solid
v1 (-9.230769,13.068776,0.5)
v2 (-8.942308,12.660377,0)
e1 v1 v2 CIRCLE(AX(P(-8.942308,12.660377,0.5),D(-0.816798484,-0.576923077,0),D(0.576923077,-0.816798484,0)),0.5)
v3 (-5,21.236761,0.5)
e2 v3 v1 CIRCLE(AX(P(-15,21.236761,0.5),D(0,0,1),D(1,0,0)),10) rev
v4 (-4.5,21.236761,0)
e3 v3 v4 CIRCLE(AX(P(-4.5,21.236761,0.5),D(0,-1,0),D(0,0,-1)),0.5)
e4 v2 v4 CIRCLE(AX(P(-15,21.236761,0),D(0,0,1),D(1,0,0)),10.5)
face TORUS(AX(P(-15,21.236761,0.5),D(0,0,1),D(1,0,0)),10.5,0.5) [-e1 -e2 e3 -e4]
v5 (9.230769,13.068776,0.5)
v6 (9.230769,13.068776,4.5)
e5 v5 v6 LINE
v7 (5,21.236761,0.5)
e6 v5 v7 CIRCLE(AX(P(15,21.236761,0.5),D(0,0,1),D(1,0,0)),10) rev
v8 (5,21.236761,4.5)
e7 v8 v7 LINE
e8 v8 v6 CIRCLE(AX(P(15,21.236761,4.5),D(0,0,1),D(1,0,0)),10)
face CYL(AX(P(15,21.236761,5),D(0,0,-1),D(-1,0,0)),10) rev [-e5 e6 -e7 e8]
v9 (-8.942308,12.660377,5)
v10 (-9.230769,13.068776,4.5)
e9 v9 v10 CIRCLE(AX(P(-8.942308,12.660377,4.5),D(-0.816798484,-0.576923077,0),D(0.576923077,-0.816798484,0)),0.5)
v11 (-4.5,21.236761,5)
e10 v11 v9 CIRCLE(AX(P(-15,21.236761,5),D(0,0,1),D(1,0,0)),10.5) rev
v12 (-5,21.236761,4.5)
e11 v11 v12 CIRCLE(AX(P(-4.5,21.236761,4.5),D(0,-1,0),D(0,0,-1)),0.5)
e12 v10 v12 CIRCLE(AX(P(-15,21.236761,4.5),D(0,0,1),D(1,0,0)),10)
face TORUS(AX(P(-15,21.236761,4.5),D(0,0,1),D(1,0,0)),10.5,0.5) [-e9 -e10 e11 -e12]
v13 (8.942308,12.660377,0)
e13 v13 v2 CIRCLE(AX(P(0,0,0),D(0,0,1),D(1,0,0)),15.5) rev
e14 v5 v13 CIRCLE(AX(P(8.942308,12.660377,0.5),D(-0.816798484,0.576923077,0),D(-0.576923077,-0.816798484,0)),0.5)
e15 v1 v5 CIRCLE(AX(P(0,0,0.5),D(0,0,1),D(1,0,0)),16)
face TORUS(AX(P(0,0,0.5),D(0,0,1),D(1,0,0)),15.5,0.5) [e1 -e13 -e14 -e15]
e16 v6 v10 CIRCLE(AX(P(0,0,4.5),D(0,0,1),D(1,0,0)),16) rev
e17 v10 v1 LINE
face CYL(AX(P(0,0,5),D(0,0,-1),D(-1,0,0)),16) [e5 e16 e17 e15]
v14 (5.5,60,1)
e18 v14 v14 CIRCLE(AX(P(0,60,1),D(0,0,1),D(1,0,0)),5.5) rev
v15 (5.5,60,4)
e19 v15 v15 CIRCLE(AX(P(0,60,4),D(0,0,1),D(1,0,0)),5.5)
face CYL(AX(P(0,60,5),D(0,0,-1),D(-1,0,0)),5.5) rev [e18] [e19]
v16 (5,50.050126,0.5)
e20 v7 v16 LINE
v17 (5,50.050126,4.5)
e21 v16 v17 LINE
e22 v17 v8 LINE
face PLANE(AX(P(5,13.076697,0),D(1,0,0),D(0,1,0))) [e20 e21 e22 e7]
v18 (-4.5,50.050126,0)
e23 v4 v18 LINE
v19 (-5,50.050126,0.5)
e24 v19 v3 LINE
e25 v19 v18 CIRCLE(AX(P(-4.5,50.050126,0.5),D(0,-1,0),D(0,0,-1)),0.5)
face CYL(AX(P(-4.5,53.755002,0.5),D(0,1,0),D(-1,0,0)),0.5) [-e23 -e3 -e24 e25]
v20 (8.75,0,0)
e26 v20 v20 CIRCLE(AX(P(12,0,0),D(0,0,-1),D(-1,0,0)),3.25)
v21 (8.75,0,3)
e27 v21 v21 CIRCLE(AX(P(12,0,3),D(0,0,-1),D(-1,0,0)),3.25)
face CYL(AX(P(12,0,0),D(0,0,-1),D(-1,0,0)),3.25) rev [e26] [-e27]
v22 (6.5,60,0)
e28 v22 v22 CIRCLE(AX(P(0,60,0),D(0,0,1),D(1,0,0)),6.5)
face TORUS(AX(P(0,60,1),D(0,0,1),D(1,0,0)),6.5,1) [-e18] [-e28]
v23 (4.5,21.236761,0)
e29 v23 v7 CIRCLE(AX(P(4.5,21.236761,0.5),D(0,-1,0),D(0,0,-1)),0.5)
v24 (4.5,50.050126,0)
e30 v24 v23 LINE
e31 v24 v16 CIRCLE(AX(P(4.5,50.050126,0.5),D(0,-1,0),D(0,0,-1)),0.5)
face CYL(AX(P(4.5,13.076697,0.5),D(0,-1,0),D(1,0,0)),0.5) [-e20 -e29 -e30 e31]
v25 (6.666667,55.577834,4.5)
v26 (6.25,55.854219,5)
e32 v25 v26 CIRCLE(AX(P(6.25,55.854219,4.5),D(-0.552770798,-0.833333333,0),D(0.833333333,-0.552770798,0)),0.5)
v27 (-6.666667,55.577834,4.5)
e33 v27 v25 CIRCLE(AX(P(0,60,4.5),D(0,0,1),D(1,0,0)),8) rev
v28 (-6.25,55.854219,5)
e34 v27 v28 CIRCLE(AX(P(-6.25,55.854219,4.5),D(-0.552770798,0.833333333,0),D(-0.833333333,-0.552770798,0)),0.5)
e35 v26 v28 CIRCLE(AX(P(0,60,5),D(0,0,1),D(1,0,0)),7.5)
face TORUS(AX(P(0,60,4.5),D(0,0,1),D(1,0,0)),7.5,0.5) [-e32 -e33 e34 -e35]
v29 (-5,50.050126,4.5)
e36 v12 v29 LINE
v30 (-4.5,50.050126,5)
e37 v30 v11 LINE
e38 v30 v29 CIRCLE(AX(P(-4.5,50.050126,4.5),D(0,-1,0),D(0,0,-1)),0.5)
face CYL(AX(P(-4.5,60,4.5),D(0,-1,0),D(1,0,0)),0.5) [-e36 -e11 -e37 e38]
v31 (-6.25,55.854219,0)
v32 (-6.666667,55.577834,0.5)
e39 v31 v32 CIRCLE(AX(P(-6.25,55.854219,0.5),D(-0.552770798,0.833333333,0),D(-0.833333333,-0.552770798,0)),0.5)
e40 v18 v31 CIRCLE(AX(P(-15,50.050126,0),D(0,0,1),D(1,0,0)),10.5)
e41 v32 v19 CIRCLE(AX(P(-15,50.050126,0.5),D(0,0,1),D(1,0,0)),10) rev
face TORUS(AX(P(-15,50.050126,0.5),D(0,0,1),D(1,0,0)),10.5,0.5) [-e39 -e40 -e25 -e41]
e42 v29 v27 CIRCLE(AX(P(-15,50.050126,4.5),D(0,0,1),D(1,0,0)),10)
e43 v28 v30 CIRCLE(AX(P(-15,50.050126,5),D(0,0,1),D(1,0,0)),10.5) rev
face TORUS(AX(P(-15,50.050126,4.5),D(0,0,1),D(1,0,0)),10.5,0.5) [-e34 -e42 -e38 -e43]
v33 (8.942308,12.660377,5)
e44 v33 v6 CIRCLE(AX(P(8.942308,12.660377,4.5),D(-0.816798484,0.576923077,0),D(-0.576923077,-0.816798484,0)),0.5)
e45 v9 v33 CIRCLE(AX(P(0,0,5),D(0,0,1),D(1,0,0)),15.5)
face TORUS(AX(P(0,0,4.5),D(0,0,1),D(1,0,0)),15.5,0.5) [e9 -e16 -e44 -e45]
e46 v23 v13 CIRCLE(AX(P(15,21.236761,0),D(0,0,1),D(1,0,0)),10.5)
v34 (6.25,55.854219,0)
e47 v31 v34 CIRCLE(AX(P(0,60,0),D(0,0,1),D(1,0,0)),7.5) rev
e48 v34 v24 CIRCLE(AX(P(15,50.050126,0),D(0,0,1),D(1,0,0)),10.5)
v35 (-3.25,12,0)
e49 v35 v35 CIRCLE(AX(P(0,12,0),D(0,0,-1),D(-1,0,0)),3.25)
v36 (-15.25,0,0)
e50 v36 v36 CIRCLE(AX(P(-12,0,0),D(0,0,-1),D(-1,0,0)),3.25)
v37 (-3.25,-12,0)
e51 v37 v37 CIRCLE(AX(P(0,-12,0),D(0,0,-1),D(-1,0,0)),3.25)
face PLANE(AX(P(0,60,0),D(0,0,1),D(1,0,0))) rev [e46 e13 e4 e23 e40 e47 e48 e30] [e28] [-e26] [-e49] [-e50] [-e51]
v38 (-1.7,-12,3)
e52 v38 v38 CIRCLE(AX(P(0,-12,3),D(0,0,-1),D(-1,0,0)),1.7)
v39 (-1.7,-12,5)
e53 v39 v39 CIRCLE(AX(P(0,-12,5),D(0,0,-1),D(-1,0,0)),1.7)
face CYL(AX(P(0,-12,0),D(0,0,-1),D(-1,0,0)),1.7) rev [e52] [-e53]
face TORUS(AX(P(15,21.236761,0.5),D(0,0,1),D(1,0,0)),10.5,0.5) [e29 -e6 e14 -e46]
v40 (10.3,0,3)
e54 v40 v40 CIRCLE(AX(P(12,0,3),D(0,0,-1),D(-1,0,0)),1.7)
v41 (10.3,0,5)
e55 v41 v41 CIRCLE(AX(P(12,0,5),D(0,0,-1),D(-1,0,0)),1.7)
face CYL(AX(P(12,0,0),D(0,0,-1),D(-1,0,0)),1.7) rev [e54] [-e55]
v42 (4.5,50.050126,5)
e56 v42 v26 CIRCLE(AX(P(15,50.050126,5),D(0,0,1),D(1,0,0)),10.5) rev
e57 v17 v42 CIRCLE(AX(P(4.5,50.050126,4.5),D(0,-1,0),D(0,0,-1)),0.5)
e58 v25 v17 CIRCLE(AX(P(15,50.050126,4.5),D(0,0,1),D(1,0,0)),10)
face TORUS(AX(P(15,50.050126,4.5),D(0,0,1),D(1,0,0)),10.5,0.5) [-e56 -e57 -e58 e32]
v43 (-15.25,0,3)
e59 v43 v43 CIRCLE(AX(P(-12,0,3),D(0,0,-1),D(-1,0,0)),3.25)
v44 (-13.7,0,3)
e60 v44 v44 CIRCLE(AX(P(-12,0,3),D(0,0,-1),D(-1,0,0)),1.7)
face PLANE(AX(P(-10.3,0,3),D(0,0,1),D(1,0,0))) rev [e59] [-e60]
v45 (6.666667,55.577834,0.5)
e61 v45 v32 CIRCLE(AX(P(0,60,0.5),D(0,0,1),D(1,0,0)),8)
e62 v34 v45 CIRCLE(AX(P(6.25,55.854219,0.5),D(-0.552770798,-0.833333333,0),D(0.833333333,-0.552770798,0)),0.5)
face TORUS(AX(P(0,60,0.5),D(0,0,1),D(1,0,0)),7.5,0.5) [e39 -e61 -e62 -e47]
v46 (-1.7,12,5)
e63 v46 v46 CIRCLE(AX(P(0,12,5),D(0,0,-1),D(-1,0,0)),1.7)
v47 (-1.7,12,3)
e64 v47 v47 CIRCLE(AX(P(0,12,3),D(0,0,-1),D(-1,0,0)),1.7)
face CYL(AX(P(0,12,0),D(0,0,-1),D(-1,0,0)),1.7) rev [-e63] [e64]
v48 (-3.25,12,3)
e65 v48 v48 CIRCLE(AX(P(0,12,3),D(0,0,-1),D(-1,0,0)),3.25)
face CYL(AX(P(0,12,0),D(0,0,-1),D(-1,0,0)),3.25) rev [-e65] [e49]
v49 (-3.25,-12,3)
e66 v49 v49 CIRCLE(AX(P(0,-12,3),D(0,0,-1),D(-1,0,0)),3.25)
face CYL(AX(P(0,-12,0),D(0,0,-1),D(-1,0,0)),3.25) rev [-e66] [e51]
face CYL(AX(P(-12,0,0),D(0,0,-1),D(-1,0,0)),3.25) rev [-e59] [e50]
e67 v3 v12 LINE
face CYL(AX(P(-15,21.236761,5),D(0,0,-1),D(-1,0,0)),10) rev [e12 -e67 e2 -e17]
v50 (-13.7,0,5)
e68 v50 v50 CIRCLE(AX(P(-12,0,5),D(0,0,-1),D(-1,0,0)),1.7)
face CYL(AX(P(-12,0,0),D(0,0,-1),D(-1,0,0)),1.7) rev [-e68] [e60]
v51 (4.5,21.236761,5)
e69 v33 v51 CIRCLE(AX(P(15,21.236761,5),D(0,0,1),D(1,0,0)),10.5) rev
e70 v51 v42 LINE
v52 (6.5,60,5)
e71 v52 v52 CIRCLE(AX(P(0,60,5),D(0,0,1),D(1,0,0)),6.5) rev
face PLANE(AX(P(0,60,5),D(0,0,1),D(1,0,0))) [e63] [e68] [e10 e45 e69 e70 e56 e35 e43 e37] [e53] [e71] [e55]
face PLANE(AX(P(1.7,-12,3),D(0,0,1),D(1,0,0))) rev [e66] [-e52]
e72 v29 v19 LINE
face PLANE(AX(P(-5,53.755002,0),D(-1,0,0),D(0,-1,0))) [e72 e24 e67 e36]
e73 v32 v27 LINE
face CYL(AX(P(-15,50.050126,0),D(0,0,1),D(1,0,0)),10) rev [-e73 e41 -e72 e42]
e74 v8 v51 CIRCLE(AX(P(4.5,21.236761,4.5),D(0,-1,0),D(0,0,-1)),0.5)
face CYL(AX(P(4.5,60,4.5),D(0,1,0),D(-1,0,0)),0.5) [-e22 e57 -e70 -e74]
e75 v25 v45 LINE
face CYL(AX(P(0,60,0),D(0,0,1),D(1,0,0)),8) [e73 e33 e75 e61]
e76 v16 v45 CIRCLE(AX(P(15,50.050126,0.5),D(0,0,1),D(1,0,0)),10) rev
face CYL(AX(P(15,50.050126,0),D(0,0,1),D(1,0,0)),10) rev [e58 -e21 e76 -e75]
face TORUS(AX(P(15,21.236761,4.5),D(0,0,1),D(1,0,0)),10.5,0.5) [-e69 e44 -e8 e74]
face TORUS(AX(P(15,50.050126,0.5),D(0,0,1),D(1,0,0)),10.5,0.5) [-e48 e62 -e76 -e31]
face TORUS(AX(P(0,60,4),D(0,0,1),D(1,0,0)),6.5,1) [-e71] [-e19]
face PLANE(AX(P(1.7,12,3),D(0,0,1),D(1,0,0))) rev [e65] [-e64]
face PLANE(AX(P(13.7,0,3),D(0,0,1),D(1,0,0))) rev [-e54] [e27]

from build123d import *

# Parameters (mm, degrees)
BOSS_EXTRUDE1_DEPTH                              = 5
SKETCH8_R                                        = 16
BOSS_EXTRUDE2_DEPTH                              = 5
CBORE_FOR_M3_HEX_HEAD_MACHINE_SCREW0_D           = 3.4
CBORE_FOR_M3_HEX_HEAD_MACHINE_SCREW0_CBORE_D     = 6.5
CBORE_FOR_M3_HEX_HEAD_MACHINE_SCREW0_CBORE_DEPTH = 3
FILLET1_R                                        = 10
SKETCH7_R                                        = 5.5
CUT_EXTRUDE1_DEPTH                               = 71.03570518
FILLET2_R                                        = 1
FILLET3_R                                        = 0.5


with BuildPart() as part:
    # Sketch1 → Boss-Extrude1 (new body)
    with BuildSketch(Plane.XY.offset(5)):
        with BuildLine():
            Line((-5, 53.755002002), (-5, 13.076696831))
            ThreePointArc((-5, 13.076696831), (0, -14), (5, 13.076696831))
            Line((5, 13.076696831), (5, 53.755002002))
            ThreePointArc((5, 53.755002002), (0, 68), (-5, 53.755002002))
        make_face()
    extrude(amount=-BOSS_EXTRUDE1_DEPTH)

    # Sketch2 → Cut-Revolve1 (revolve, cut)
    with BuildSketch(Plane.XZ.offset(-60), mode=Mode.PRIVATE) as cut_revolve1_sk:
        Polygon((3.5, 5), (0, 5), (0, 0), (4.3, 0), (2.5, 1.8), (2.5, 2), (3.5, 2), align=None)
    revolve(cut_revolve1_sk.sketch.rotate(Axis((0, 60, 5), (0, 0, -1)), 180), axis=Axis((0, 60, 5), (0, 0, -1)), mode=Mode.SUBTRACT)

    # Sketch8 → Boss-Extrude2 (add)
    with BuildSketch(Plane(origin=(0, 0, 0), x_dir=(-1, 0, 0), z_dir=(0, 0, -1))):
        Circle(SKETCH8_R)
    extrude(amount=-BOSS_EXTRUDE2_DEPTH)

    # CBORE for M3 Hex Head Machine Screw0 (through all)
    with Locations(Plane(origin=(0, 0, 0), x_dir=(-1, 0, 0), z_dir=(0, 0, -1))):
        with Locations((0, 12), (12, 0), (-12, 0), (0, -12)):
            CounterBoreHole(CBORE_FOR_M3_HEX_HEAD_MACHINE_SCREW0_D / 2, CBORE_FOR_M3_HEX_HEAD_MACHINE_SCREW0_CBORE_D / 2, CBORE_FOR_M3_HEX_HEAD_MACHINE_SCREW0_CBORE_DEPTH)

    # Fillet1
    fillet1_edges = [part.edges().sort_by_distance(p)[0] for p in [
        (5, 15.198684154, 2.5),
        (-5, 15.198684154, 2.5),
        (5, 53.755002002, 2.5),
        (-5, 53.755002002, 2.5),
    ]]
    fillet(fillet1_edges, radius=FILLET1_R)

    # Sketch7 → Cut-Extrude1 (cut, through all)
    with BuildSketch(Plane(origin=(0, 0, 0), x_dir=(-1, 0, 0), z_dir=(0, 0, -1))):
        with Locations((0, 60)):
            Circle(SKETCH7_R)
    extrude(amount=-CUT_EXTRUDE1_DEPTH, mode=Mode.SUBTRACT)

    # Fillet2
    fillet2_edges = [part.edges().sort_by_distance(p)[0] for p in [
        (5.5, 60, 0),
        (5.5, 60, 5),
    ]]
    fillet(fillet2_edges, radius=FILLET2_R)

    # Fillet3
    fillet3_edges = [part.edges().sort_by_distance(p)[0] for p in [
        (0, -16, 0),
        (0, -16, 5),
        (5, 35.643443105, 0),
        (5, 35.643443105, 5),
        (-5, 35.643443105, 5),
        (-5, 35.643443105, 0),
        (0, 68, 5),
        (0, 68, 0),
        (6.120464323, 16.637429527, 5),
        (6.120464323, 16.637429527, 0),
        (-6.120464323, 16.637429527, 0),
        (-6.120464323, 16.637429527, 5),
        (-5.425728922, 52.936876975, 5),
        (-5.425728922, 52.936876975, 0),
        (5.425728922, 52.936876975, 5),
        (5.425728922, 52.936876975, 0),
    ]]
    fillet(fillet3_edges, radius=FILLET3_R)


solid = part.part
